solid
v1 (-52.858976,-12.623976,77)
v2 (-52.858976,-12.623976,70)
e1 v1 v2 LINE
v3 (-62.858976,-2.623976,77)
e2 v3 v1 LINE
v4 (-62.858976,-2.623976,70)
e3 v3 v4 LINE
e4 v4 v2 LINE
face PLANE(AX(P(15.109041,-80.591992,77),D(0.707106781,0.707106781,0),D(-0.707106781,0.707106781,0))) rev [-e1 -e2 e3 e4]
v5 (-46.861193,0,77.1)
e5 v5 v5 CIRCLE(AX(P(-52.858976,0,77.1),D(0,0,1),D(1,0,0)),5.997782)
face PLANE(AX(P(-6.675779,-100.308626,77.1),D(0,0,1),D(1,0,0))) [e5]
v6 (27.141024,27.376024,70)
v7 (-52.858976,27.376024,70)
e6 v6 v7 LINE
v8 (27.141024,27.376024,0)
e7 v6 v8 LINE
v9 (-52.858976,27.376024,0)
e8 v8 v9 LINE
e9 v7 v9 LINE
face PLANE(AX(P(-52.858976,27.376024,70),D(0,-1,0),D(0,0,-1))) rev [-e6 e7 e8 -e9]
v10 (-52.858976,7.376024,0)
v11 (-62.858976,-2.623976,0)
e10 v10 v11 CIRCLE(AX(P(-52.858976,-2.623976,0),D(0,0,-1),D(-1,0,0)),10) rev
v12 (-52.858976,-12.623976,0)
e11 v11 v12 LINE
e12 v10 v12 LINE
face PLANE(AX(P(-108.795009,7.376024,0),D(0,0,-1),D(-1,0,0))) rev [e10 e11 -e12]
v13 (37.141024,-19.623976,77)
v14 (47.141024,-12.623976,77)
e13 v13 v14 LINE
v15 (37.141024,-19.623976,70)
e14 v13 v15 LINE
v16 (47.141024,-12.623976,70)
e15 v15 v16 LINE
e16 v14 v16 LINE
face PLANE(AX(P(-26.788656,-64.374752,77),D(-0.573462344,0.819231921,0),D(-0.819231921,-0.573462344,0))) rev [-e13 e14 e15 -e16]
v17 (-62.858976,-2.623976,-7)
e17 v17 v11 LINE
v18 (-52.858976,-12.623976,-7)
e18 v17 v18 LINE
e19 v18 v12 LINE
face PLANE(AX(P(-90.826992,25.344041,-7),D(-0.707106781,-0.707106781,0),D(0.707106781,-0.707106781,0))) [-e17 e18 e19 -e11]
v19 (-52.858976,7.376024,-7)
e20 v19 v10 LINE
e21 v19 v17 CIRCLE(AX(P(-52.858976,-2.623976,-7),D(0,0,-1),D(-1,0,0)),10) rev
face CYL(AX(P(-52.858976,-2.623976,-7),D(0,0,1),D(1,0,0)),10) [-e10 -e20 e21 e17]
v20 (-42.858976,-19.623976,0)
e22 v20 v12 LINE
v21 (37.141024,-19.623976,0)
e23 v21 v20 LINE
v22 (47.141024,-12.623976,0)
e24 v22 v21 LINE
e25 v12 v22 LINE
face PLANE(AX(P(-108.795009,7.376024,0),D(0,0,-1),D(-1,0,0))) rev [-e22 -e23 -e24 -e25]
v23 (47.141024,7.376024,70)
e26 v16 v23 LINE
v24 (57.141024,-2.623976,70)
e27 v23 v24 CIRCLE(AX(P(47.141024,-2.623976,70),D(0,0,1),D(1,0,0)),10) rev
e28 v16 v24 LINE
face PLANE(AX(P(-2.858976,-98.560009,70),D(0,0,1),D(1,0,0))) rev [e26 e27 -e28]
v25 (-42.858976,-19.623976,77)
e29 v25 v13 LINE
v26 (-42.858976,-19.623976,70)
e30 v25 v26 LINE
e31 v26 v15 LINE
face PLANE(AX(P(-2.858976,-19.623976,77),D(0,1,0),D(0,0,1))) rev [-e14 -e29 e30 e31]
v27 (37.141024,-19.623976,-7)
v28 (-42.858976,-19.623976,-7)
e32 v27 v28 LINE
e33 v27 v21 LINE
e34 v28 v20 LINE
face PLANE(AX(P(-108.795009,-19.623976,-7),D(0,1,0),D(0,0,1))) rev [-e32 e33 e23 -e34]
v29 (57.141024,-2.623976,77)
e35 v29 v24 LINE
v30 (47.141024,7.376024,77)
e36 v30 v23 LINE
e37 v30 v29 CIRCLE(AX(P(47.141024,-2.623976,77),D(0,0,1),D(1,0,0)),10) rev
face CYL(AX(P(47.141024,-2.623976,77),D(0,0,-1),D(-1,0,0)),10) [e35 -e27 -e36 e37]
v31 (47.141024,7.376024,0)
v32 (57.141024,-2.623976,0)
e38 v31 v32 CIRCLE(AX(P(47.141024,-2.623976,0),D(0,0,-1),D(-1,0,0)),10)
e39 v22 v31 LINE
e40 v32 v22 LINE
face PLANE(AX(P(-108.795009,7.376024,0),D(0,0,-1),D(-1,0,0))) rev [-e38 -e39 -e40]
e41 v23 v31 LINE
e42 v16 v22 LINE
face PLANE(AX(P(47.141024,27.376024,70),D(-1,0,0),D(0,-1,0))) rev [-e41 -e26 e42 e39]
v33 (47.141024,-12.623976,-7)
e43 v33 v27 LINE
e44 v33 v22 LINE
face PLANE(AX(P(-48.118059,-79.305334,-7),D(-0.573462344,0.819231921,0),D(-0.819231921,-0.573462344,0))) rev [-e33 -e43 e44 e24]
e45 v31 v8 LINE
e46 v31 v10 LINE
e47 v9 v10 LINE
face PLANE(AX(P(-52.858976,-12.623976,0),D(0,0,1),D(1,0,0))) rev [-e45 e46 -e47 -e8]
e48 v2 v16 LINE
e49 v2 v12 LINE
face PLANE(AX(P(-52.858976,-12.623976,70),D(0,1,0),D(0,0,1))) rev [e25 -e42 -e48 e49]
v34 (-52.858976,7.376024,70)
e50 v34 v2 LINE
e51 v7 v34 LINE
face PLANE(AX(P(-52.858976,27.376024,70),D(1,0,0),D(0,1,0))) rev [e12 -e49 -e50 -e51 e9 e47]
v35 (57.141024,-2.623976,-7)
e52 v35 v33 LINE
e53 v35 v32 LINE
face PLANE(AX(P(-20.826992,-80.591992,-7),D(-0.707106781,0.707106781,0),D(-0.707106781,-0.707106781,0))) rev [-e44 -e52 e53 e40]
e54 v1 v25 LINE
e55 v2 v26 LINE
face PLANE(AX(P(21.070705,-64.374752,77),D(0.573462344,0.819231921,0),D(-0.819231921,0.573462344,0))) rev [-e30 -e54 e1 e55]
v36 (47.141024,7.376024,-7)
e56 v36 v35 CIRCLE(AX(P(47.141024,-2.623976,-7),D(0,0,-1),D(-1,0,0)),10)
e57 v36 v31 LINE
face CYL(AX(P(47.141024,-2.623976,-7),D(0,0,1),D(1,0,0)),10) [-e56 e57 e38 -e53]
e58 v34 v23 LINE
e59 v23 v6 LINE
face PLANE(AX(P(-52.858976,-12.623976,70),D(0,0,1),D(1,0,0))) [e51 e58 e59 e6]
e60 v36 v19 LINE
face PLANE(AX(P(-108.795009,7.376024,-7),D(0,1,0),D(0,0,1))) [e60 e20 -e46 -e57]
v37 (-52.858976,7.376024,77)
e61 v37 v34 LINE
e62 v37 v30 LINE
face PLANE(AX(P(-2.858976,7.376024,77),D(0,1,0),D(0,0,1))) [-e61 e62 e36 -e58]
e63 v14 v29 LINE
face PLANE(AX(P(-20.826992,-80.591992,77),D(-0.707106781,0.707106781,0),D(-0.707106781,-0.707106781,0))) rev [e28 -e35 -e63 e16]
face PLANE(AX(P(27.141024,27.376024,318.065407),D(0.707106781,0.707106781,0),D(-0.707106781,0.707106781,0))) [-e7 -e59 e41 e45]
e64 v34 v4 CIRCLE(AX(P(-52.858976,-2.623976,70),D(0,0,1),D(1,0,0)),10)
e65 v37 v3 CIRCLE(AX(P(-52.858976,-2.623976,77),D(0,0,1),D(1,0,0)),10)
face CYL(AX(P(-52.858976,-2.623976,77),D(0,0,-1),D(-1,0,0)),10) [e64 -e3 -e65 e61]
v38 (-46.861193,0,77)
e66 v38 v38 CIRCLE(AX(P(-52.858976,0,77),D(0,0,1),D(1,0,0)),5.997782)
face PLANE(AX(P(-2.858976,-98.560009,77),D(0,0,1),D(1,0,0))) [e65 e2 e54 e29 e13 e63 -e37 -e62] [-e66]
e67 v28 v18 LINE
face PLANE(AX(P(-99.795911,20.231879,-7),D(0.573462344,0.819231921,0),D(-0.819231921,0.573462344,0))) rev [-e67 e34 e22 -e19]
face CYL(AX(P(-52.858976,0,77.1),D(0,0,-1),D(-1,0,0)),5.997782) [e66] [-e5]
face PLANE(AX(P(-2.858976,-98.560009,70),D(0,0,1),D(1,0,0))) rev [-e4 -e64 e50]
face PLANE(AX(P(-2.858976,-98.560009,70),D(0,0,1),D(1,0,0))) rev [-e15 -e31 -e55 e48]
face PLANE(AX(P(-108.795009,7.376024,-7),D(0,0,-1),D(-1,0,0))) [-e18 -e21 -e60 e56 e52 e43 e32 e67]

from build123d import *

# Parameters (mm, degrees)
ESQUISSE1_W                  = 100
ESQUISSE1_H                  = 40
BOSS_EXTRU_3_DEPTH           = 70
ENL_V_MAT_EXTRU_1_DEPTH      = 92.8886174
ENL_V_MAT_EXTRU_1_DEPTH_BACK = 92.8886174
BOSS_EXTRU_5_DEPTH           = 7
BOSS_EXTRU_6_START           = 7
ESQUISSE4_W                  = 80
ESQUISSE4_H                  = 7
BOSS_EXTRU_6_DEPTH           = 7
BOSS_EXTRU_7_DEPTH           = 0.1


with BuildPart() as part:
    # Esquisse1 → Boss.-Extru.3 (new body)
    with BuildSketch(Plane.XY):
        with Locations((-2.858975564, 7.376024363)):
            Rectangle(ESQUISSE1_W, ESQUISSE1_H)
    extrude(amount=BOSS_EXTRU_3_DEPTH)

    # Esquisse2 → Enlèv. mat.-Extru.1 (cut, two sides: drawn at the far end of the back side and taken through both)
    with BuildSketch(Plane.XY.offset(70).offset(-ENL_V_MAT_EXTRU_1_DEPTH_BACK)):
        Polygon((-124.152094394, 178.669143194), (27.141024436, 27.376024363), (47.141024436, 7.376024363), (198.434143267, -143.917094467), (501.020380927, 158.669143194), (178.434143267, 481.255380855), align=None)
    extrude(amount=ENL_V_MAT_EXTRU_1_DEPTH + ENL_V_MAT_EXTRU_1_DEPTH_BACK, mode=Mode.SUBTRACT)

    # Esquisse3 → Boss.-Extru.5 (add)
    with BuildSketch(Plane(origin=(0, 0, 0), x_dir=(-1, 0, 0), z_dir=(0, 0, -1))):
        with BuildLine():
            Line((-57.141024436, -2.623975637), (-47.141024436, -12.623975637))
            Line((-47.141024436, -12.623975637), (-37.141024436, -19.623975637))
            Line((-37.141024436, -19.623975637), (42.858975564, -19.623975637))
            Line((42.858975564, -19.623975637), (52.858975564, -12.623975637))
            Line((52.858975564, -12.623975637), (62.858975564, -2.623975637))
            ThreePointArc((62.858975564, -2.623975637), (59.930043376, 4.447092175), (52.858975564, 7.376024363))
            Line((52.858975564, 7.376024363), (-47.141024436, 7.376024363))
            ThreePointArc((-47.141024436, 7.376024363), (-54.212092248, 4.447092175), (-57.141024436, -2.623975637))
        make_face()
    extrude(amount=BOSS_EXTRU_5_DEPTH)

    # Esquisse4 → Boss.-Extru.6 (add)
    with BuildSketch(Plane.XY.offset(70).offset(BOSS_EXTRU_6_START)):
        with BuildLine():
            ThreePointArc((47.141024436, 7.376024363), (54.212092248, 4.447092175), (57.141024436, -2.623975637))
            Line((57.141024436, -2.623975637), (47.141024436, -12.623975637))
            Line((47.141024436, -12.623975637), (47.141024436, 7.376024363))
        make_face()
        Polygon((47.141024436, 7.376024363), (-52.858975564, 7.376024363), (-52.858975564, -12.623975637), (-42.858975564, -12.623975637), (37.141024436, -12.623975637), (47.141024436, -12.623975637), align=None)
        Polygon((37.141024436, -19.623975637), (47.141024436, -12.623975637), (37.141024436, -12.623975637), align=None)
        with Locations((-2.858975564, -16.123975637)):
            Rectangle(ESQUISSE4_W, ESQUISSE4_H)
        Polygon((-42.858975564, -12.623975637), (-52.858975564, -12.623975637), (-42.858975564, -19.623975637), align=None)
        with BuildLine():
            Line((-52.858975564, -12.623975637), (-52.858975564, 7.376024363))
            ThreePointArc((-52.858975564, 7.376024363), (-59.930043376, 4.447092175), (-62.858975564, -2.623975637))
            Line((-62.858975564, -2.623975637), (-52.858975564, -12.623975637))
        make_face()
    extrude(amount=-BOSS_EXTRU_6_DEPTH)

    # Esquisse5 → Boss.-Extru.7 (add)
    with BuildSketch(Plane.XY.offset(77)):
        with BuildLine():
            ThreePointArc((-52.858975564, 5.997782361), (-58.856757925, 0), (-52.858975564, -5.997782361))
            Line((-52.858975564, -5.997782361), (-52.858975564, 5.997782361))
        make_face()
        with BuildLine():
            Line((-52.858975564, 5.997782361), (-52.858975564, -5.997782361))
            ThreePointArc((-52.858975564, -5.997782361), (-48.617902985, -4.241072579), (-46.861193203, 0))
            ThreePointArc((-46.861193203, 0), (-48.617902985, 4.241072579), (-52.858975564, 5.997782361))
        make_face()
    extrude(amount=BOSS_EXTRU_7_DEPTH)


solid = part.part
